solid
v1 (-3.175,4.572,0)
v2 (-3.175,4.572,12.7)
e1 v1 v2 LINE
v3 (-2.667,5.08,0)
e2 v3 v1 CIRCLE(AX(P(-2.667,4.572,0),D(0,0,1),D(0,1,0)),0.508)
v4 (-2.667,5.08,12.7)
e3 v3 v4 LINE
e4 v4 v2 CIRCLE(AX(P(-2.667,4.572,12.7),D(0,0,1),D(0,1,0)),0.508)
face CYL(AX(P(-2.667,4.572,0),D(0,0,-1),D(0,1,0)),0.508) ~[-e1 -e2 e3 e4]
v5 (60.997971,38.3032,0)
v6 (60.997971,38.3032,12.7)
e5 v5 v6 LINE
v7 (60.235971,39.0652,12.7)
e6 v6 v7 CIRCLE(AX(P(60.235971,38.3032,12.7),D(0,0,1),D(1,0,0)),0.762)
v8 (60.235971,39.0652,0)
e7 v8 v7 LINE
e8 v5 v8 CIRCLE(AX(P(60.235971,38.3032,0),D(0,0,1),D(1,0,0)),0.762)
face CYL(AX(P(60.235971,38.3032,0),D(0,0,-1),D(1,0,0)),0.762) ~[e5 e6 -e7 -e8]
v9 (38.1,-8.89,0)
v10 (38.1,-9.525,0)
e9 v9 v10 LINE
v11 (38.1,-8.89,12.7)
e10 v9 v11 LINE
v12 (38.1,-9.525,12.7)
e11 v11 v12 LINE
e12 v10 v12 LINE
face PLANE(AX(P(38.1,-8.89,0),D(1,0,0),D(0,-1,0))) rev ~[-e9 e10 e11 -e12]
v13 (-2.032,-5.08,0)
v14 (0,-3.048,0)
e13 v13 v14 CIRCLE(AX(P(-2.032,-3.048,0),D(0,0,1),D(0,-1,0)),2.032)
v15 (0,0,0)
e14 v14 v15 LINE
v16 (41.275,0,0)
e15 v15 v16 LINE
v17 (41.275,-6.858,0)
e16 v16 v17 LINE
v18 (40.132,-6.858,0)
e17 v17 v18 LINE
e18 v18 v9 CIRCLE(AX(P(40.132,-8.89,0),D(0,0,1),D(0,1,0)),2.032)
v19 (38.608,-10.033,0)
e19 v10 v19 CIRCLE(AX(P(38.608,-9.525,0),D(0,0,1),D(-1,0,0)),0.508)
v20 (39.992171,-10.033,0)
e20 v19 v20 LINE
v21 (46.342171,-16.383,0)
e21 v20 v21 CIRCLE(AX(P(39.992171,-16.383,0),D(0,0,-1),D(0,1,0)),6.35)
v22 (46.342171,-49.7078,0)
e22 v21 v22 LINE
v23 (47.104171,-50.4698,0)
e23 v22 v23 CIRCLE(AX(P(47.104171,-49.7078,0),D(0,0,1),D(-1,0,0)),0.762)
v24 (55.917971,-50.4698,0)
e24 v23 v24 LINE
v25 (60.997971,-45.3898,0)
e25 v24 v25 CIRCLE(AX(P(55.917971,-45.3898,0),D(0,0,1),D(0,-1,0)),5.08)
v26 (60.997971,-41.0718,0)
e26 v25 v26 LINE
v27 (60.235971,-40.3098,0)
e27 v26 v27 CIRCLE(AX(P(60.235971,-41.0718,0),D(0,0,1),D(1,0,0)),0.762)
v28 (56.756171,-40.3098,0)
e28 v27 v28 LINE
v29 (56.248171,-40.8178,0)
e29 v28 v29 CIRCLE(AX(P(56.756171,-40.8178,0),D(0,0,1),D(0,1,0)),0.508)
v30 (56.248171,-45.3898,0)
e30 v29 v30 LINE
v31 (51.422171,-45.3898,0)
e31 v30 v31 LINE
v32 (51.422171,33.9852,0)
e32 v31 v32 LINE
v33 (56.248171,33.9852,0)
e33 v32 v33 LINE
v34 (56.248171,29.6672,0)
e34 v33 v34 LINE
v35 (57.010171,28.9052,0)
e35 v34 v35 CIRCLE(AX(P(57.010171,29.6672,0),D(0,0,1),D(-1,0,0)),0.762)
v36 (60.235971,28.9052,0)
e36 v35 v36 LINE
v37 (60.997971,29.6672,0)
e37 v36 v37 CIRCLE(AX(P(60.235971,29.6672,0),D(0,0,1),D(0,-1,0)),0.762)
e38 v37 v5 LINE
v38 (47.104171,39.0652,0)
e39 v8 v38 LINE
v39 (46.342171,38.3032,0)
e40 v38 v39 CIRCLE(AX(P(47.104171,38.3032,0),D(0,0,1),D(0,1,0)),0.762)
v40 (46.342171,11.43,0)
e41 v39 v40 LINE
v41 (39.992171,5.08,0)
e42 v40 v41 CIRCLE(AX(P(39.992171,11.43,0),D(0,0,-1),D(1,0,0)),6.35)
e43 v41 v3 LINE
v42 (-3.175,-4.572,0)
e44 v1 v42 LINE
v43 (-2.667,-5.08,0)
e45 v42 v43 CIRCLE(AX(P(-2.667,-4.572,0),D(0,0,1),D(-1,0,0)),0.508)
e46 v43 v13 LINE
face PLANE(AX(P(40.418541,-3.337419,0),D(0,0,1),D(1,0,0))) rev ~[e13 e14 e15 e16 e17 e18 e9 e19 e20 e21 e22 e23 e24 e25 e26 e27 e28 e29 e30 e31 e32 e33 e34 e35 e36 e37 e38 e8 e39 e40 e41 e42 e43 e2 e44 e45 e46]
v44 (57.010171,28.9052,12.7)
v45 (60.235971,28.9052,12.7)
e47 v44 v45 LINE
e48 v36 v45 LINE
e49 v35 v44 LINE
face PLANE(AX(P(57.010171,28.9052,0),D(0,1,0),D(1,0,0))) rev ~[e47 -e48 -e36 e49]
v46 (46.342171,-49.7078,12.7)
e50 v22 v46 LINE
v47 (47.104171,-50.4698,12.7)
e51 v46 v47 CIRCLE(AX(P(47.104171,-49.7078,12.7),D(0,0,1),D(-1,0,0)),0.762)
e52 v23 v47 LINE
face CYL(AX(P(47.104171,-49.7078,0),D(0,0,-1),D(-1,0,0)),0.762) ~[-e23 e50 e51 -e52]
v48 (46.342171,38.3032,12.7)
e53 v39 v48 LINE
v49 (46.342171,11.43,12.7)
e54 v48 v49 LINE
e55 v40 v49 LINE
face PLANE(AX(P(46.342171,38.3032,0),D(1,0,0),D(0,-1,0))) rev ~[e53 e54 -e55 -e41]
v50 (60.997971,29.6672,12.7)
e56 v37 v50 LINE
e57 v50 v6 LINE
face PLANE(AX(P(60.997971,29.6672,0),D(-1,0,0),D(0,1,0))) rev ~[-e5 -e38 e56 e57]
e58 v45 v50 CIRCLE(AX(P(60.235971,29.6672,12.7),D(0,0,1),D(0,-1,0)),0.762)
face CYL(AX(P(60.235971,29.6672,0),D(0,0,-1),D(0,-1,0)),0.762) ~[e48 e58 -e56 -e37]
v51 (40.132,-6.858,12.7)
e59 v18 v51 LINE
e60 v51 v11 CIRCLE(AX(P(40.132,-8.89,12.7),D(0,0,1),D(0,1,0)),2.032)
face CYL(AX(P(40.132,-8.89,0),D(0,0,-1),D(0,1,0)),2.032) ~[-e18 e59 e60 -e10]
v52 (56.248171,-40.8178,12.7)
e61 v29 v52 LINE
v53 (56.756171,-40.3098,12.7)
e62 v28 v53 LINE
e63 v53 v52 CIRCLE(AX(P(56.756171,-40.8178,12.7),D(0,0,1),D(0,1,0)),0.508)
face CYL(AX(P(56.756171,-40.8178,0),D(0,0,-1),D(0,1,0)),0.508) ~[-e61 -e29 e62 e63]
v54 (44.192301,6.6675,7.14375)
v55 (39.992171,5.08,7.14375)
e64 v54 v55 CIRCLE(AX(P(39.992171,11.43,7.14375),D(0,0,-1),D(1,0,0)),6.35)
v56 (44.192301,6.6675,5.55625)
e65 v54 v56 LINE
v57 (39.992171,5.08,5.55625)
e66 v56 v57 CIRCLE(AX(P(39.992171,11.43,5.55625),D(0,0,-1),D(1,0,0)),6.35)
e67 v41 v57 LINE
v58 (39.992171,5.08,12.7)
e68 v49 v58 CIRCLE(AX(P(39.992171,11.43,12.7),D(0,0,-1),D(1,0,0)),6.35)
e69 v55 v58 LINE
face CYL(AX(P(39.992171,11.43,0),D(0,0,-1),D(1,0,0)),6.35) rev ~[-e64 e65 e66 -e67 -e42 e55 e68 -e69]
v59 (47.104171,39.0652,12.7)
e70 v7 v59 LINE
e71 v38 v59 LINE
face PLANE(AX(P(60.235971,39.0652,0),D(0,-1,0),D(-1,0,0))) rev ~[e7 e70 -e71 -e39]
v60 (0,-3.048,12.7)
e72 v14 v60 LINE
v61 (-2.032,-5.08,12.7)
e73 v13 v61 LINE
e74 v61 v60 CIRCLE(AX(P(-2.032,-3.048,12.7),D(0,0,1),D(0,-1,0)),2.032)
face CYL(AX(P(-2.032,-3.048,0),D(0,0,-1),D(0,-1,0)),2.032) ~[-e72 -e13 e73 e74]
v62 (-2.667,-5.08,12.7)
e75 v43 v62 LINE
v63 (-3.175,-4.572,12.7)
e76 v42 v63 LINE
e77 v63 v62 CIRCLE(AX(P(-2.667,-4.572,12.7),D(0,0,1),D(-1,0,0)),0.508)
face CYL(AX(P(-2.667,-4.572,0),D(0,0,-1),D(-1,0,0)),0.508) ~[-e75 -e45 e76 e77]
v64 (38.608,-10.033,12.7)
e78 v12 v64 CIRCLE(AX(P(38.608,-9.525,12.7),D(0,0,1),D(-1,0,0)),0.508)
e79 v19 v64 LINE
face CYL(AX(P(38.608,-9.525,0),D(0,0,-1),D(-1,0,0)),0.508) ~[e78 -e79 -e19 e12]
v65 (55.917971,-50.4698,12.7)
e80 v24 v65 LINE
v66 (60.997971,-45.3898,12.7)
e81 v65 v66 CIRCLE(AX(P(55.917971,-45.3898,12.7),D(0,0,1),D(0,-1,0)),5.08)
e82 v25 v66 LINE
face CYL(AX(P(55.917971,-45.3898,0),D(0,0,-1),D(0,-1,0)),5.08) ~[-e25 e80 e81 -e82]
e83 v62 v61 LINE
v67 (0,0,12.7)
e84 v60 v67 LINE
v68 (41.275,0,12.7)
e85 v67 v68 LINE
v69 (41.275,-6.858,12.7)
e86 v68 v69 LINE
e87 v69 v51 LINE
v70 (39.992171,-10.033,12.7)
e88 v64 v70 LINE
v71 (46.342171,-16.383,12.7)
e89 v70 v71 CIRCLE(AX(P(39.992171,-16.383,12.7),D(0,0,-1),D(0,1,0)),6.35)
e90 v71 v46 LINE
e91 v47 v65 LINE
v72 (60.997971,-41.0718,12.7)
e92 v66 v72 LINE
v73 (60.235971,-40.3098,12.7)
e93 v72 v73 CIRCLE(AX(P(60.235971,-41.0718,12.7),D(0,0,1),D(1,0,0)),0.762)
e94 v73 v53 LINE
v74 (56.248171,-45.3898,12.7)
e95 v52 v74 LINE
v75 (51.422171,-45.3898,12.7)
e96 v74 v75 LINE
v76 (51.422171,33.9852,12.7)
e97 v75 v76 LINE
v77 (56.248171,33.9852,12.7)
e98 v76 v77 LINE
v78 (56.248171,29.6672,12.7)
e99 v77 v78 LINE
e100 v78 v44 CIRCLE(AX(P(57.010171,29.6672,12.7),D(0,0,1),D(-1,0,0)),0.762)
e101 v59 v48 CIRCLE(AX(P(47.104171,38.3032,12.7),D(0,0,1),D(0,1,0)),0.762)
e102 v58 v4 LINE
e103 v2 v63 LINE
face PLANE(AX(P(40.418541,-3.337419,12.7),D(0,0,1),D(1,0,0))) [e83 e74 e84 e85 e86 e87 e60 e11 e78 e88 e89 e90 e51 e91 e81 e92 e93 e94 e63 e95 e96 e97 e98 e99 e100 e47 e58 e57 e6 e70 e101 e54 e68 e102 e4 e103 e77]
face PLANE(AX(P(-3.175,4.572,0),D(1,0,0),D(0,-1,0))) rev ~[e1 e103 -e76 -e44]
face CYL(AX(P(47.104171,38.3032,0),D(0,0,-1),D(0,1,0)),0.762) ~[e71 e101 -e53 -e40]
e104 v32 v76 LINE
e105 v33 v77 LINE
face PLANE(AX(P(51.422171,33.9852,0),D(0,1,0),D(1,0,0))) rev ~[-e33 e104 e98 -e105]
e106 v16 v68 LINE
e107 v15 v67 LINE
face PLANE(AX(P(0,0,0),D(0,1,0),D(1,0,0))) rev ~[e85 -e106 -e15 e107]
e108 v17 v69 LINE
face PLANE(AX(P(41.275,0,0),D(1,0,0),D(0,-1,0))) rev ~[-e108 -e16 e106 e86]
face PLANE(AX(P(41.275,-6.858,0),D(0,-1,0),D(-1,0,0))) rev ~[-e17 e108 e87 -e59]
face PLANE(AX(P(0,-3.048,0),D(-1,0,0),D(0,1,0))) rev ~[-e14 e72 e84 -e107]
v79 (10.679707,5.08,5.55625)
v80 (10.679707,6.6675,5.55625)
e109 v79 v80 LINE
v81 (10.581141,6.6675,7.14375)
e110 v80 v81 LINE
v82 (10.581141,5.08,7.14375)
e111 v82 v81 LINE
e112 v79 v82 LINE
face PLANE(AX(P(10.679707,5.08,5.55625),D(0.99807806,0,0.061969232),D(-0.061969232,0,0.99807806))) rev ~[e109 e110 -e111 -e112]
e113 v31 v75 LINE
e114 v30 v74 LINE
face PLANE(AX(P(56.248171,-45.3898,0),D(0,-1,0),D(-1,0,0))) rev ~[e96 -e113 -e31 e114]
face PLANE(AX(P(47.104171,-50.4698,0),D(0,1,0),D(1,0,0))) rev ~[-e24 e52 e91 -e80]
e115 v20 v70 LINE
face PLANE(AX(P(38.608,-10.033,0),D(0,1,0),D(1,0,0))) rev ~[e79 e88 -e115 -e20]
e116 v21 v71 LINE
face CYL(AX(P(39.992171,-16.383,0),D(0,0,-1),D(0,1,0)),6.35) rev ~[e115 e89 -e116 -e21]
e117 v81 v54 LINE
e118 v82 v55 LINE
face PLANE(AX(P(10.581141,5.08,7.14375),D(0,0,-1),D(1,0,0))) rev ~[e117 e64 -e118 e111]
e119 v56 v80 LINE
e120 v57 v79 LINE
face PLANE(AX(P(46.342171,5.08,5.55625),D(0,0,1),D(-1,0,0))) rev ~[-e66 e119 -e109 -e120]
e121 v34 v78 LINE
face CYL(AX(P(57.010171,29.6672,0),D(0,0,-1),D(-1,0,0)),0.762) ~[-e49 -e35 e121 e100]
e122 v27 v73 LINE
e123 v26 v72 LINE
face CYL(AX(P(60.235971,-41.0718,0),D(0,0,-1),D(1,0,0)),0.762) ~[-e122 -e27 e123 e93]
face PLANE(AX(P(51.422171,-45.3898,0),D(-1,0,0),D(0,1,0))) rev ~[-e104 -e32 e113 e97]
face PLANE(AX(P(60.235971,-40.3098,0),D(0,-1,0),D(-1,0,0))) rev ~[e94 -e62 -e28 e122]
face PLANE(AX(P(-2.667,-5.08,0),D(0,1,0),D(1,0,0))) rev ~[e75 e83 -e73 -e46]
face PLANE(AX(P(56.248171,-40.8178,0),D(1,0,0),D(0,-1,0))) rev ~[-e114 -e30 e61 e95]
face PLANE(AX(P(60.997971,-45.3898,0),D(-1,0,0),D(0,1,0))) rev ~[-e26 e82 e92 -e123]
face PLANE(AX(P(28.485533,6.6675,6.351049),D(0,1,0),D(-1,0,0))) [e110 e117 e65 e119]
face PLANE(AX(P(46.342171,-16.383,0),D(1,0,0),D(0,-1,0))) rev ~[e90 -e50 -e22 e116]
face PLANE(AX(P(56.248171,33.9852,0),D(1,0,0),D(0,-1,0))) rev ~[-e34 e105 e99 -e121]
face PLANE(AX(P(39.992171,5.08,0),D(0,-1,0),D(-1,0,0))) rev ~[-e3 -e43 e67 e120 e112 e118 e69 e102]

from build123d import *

# Parameters (mm, degrees)
F1_DEPTH = 12.7
F4_DEPTH = 1.5874999808


with BuildPart() as f1:
    # F0 (on Top) → F1 (new body)
    with BuildSketch(Plane.XY):
        with BuildLine():
            Line((0, 0), (41.275, 0))
            Line((41.275, 0), (41.275, -6.858))
            Line((41.275, -6.858), (40.132, -6.858))
            ThreePointArc((40.132, -6.858), (38.6951590206, -7.4531590206), (38.1, -8.89))
            Line((38.1, -8.89), (38.1, -9.525))
            ThreePointArc((38.1, -9.525), (38.2487897552, -9.8842102448), (38.608, -10.033))
            Line((38.608, -10.033), (39.9921709569, -10.033))
            ThreePointArc((39.9921709569, -10.033), (44.4822990174, -11.8928719395), (46.3421709569, -16.383))
            Line((46.3421709569, -16.383), (46.3421709569, -49.7078))
            ThreePointArc((46.3421709569, -49.7078), (46.5653555896, -50.2466153673), (47.1041709569, -50.4698))
            Line((47.1041709569, -50.4698), (55.9179709569, -50.4698))
            ThreePointArc((55.9179709569, -50.4698), (59.5100734053, -48.9819024484), (60.9979709569, -45.3898))
            Line((60.9979709569, -45.3898), (60.9979709569, -41.0718))
            ThreePointArc((60.9979709569, -41.0718), (60.7747863242, -40.5329846327), (60.2359709569, -40.3098))
            Line((60.2359709569, -40.3098), (56.7561709569, -40.3098))
            ThreePointArc((56.7561709569, -40.3098), (56.3969607121, -40.4585897552), (56.2481709569, -40.8178))
            Line((56.2481709569, -40.8178), (56.2481709569, -45.3898))
            Line((56.2481709569, -45.3898), (51.4221709569, -45.3898))
            Line((51.4221709569, -45.3898), (51.4221709569, 33.9852))
            Line((51.4221709569, 33.9852), (56.2481709569, 33.9852))
            Line((56.2481709569, 33.9852), (56.2481709569, 29.6672))
            ThreePointArc((56.2481709569, 29.6672), (56.4713555896, 29.1283846327), (57.0101709569, 28.9052))
            Line((57.0101709569, 28.9052), (60.2359709569, 28.9052))
            ThreePointArc((60.2359709569, 28.9052), (60.7747863242, 29.1283846327), (60.9979709569, 29.6672))
            Line((60.9979709569, 29.6672), (60.9979709569, 38.3032))
            ThreePointArc((60.9979709569, 38.3032), (60.7747863242, 38.8420153673), (60.2359709569, 39.0652))
            Line((60.2359709569, 39.0652), (47.1041709569, 39.0652))
            ThreePointArc((47.1041709569, 39.0652), (46.5653555896, 38.8420153673), (46.3421709569, 38.3032))
            Line((46.3421709569, 38.3032), (46.3421709569, 11.43))
            ThreePointArc((46.3421709569, 11.43), (44.4822990174, 6.9398719395), (39.9921709569, 5.08))
            Line((39.9921709569, 5.08), (-2.667, 5.08))
            ThreePointArc((-2.667, 5.08), (-3.0262102448, 4.9312102448), (-3.175, 4.572))
            Line((-3.175, 4.572), (-3.175, -4.572))
            ThreePointArc((-3.175, -4.572), (-3.0262102448, -4.9312102448), (-2.667, -5.08))
            Line((-2.667, -5.08), (-2.032, -5.08))
            ThreePointArc((-2.032, -5.08), (-0.5951590206, -4.4848409794), (0, -3.048))
            Line((0, -3.048), (0, 0))
        make_face()
    extrude(amount=F1_DEPTH)

    # F3 (on offset) → F4 (join)
    with BuildSketch(Plane(origin=(0, 5.08, 0), x_dir=(-1, 0, 0), z_dir=(0, 1, 0))):
        Polygon((-10.6797069311, 5.5562499233), (-10.5811413378, 7.1437499233), (-46.3421708802, 7.1437499233), (-46.3421708802, 5.5562499233), align=None)
    extrude(amount=F4_DEPTH)


solid = f1.part
